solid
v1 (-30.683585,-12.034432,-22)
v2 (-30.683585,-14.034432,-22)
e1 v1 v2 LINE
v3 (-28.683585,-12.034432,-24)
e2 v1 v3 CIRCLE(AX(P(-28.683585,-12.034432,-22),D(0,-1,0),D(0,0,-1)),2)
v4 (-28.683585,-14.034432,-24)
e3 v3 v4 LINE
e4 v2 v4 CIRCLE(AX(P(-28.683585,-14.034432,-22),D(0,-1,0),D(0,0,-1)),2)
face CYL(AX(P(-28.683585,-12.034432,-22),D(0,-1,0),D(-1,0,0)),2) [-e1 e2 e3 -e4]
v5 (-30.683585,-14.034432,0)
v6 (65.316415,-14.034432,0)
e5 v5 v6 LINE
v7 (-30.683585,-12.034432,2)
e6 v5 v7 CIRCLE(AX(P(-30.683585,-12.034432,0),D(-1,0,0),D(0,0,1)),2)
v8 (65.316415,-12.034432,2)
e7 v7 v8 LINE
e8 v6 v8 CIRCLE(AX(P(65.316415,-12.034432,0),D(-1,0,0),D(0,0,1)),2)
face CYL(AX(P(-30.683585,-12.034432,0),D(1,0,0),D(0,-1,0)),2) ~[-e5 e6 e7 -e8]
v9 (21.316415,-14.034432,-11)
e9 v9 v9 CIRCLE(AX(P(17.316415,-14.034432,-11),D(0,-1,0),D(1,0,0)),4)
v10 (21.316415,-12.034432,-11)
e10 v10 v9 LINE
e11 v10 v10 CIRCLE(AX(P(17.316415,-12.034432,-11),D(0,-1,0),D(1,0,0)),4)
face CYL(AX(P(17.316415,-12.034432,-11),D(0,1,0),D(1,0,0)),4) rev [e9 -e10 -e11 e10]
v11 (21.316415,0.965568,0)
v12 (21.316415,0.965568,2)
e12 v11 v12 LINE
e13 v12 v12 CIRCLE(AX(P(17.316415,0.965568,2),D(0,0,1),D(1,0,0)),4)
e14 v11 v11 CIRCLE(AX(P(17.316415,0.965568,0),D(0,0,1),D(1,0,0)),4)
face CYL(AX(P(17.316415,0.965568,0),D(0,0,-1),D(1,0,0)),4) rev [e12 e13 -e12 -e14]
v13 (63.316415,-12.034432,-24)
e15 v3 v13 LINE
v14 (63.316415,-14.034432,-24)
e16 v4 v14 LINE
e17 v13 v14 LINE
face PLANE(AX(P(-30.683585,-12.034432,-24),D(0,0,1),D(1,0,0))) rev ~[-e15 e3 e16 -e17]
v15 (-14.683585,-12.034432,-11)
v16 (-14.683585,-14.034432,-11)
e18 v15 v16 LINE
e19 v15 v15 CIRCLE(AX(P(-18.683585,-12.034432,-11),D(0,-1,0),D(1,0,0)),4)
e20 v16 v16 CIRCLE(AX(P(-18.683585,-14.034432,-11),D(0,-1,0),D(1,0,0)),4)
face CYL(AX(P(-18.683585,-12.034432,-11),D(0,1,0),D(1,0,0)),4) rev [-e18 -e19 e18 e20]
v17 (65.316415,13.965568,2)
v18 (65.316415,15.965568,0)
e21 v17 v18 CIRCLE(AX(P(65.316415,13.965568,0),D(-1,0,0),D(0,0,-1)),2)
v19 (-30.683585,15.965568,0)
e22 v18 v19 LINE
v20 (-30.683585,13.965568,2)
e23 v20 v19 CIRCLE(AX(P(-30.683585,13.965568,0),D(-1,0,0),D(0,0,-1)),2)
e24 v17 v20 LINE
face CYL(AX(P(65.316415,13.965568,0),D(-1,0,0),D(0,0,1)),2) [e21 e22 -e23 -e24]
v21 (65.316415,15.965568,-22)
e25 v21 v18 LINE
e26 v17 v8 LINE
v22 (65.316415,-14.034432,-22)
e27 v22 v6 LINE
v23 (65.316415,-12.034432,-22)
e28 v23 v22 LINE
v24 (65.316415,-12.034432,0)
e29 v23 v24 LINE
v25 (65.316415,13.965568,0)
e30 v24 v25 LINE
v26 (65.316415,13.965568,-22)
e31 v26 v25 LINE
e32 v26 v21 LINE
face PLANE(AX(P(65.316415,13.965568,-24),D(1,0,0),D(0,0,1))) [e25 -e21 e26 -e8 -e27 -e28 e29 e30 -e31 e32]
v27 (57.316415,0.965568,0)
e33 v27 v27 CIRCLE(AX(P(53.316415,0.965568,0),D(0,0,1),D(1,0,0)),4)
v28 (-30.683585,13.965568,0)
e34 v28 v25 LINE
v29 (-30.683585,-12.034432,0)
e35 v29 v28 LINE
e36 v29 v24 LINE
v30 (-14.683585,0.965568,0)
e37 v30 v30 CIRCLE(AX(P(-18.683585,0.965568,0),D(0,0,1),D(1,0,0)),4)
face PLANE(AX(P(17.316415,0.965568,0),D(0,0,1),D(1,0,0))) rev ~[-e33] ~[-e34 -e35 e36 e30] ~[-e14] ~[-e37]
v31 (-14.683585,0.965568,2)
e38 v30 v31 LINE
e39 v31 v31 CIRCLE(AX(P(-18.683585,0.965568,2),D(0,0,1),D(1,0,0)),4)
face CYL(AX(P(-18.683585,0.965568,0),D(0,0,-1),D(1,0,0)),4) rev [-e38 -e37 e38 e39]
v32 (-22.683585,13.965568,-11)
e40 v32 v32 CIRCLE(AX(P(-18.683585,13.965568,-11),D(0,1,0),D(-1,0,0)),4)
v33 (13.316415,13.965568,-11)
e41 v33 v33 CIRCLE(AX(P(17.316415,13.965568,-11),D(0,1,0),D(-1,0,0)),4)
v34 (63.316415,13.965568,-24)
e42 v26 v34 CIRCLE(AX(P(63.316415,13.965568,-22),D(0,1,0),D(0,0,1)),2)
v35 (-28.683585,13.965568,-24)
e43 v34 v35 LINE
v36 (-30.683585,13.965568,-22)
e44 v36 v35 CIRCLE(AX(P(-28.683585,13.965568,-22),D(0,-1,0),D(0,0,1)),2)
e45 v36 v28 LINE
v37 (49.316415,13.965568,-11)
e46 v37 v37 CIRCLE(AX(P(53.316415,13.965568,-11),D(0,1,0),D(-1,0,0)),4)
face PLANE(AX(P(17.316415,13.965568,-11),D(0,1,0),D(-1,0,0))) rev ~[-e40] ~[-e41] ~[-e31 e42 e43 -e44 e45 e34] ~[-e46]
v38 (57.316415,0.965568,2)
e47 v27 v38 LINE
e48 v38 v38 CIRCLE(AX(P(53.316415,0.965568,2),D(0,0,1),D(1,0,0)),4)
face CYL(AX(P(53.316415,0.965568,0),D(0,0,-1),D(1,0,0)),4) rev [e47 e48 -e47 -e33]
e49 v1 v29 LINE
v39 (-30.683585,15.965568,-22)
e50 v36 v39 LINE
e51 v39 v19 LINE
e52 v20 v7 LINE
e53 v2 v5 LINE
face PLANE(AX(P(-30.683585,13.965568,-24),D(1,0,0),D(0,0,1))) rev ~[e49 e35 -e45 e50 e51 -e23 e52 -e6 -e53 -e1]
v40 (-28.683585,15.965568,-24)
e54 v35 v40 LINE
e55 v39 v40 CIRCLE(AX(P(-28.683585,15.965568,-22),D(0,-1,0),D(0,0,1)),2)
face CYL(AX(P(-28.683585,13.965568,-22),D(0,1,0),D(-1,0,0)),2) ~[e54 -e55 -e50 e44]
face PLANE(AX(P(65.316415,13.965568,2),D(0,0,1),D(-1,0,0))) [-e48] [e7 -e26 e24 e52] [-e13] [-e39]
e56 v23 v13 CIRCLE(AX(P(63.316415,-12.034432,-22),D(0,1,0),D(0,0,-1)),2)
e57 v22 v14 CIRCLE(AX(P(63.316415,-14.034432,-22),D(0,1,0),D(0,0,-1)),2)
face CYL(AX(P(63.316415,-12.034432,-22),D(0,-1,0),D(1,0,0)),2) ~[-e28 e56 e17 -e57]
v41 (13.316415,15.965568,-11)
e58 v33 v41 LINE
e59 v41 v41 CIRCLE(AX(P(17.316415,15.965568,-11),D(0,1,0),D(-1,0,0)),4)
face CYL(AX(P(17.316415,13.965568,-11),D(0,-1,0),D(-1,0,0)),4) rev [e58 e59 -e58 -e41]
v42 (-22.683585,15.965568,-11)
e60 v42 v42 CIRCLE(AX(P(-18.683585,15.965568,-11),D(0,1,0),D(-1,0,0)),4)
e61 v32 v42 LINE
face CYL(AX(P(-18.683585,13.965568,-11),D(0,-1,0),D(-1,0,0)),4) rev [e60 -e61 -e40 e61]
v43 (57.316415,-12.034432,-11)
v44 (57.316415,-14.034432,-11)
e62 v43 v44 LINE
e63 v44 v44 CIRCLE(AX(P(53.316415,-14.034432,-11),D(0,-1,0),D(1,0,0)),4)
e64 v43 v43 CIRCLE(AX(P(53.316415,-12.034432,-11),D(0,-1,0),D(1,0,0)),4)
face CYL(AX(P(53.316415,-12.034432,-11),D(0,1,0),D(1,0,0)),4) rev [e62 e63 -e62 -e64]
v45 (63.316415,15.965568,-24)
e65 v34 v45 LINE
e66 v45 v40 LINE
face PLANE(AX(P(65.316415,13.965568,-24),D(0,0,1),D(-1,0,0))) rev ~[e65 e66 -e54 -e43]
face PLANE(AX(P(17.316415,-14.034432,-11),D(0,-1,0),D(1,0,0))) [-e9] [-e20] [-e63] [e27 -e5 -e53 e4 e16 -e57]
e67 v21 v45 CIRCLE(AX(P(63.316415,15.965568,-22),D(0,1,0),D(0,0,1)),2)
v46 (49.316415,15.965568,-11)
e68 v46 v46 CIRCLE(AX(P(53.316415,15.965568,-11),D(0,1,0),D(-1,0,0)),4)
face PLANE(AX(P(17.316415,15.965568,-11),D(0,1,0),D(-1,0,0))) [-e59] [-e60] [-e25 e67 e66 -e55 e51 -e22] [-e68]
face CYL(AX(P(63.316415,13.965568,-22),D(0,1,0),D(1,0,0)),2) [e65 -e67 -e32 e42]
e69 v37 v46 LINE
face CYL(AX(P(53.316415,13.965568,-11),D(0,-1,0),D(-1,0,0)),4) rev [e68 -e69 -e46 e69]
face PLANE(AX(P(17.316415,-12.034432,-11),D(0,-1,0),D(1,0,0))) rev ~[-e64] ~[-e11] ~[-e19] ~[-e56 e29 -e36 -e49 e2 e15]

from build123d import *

# Parameters (mm, degrees)
F0_W     = 96
F0_H     = 26
F0_R     = 4
F1_DEPTH = 2
F5_W     = 96
F5_H     = 26
F5_R     = 4
F6_DEPTH = 2
F4_W     = 96
F4_H     = 26
F4_R     = 4
F7_DEPTH = 2
F8_R     = 2


with BuildPart() as f1:
    # F0 (on Top) → F1 (new body)
    with BuildSketch(Plane.XY):
        with Locations((17.3164154523, 0.965568237)):
            Rectangle(F0_W, F0_H)
        with Locations((17.3164154523, 0.965568237)):
            Circle(F0_R, mode=Mode.SUBTRACT)
        with Locations((-18.6835845477, 0.965568237)):
            Circle(F0_R, mode=Mode.SUBTRACT)
        with Locations((53.3164154523, 0.965568237)):
            Circle(F0_R, mode=Mode.SUBTRACT)
    extrude(amount=F1_DEPTH)

    # F5 (on offset) → F6 (join)
    with BuildSketch(Plane.XZ.offset(12.034431763)):
        with Locations((17.3164154523, -11)):
            Rectangle(F5_W, F5_H)
        with Locations((-18.6835845477, -11)):
            Circle(F5_R, mode=Mode.SUBTRACT)
        with Locations((17.3164154523, -11)):
            Circle(F5_R, mode=Mode.SUBTRACT)
        with Locations((53.3164154523, -11)):
            Circle(F5_R, mode=Mode.SUBTRACT)
    extrude(amount=F6_DEPTH)

    # F4 (on offset) → F7 (join)
    with BuildSketch(Plane(origin=(0, 13.965568237, 0), x_dir=(-1, 0, 0), z_dir=(0, 1, 0))):
        with Locations((-17.3164154523, -11)):
            Rectangle(F4_W, F4_H)
        with Locations((-53.3164154523, -11)):
            Circle(F4_R, mode=Mode.SUBTRACT)
        with Locations((-17.3164154523, -11)):
            Circle(F4_R, mode=Mode.SUBTRACT)
        with Locations((18.6835845477, -11)):
            Circle(F4_R, mode=Mode.SUBTRACT)
    extrude(amount=F7_DEPTH)

    # F8
    f8_edges = [f1.edges().sort_by_distance(p)[0] for p in [
        (17.316415, -14.034432, 2),
        (17.316415, 15.965568, 2),
        (65.316415, 14.965568, -24),
        (65.316415, -13.034432, -24),
        (-30.683585, 14.965568, -24),
        (-30.683585, -13.034432, -24),
    ]]
    fillet(f8_edges, radius=F8_R)


solid = f1.part
